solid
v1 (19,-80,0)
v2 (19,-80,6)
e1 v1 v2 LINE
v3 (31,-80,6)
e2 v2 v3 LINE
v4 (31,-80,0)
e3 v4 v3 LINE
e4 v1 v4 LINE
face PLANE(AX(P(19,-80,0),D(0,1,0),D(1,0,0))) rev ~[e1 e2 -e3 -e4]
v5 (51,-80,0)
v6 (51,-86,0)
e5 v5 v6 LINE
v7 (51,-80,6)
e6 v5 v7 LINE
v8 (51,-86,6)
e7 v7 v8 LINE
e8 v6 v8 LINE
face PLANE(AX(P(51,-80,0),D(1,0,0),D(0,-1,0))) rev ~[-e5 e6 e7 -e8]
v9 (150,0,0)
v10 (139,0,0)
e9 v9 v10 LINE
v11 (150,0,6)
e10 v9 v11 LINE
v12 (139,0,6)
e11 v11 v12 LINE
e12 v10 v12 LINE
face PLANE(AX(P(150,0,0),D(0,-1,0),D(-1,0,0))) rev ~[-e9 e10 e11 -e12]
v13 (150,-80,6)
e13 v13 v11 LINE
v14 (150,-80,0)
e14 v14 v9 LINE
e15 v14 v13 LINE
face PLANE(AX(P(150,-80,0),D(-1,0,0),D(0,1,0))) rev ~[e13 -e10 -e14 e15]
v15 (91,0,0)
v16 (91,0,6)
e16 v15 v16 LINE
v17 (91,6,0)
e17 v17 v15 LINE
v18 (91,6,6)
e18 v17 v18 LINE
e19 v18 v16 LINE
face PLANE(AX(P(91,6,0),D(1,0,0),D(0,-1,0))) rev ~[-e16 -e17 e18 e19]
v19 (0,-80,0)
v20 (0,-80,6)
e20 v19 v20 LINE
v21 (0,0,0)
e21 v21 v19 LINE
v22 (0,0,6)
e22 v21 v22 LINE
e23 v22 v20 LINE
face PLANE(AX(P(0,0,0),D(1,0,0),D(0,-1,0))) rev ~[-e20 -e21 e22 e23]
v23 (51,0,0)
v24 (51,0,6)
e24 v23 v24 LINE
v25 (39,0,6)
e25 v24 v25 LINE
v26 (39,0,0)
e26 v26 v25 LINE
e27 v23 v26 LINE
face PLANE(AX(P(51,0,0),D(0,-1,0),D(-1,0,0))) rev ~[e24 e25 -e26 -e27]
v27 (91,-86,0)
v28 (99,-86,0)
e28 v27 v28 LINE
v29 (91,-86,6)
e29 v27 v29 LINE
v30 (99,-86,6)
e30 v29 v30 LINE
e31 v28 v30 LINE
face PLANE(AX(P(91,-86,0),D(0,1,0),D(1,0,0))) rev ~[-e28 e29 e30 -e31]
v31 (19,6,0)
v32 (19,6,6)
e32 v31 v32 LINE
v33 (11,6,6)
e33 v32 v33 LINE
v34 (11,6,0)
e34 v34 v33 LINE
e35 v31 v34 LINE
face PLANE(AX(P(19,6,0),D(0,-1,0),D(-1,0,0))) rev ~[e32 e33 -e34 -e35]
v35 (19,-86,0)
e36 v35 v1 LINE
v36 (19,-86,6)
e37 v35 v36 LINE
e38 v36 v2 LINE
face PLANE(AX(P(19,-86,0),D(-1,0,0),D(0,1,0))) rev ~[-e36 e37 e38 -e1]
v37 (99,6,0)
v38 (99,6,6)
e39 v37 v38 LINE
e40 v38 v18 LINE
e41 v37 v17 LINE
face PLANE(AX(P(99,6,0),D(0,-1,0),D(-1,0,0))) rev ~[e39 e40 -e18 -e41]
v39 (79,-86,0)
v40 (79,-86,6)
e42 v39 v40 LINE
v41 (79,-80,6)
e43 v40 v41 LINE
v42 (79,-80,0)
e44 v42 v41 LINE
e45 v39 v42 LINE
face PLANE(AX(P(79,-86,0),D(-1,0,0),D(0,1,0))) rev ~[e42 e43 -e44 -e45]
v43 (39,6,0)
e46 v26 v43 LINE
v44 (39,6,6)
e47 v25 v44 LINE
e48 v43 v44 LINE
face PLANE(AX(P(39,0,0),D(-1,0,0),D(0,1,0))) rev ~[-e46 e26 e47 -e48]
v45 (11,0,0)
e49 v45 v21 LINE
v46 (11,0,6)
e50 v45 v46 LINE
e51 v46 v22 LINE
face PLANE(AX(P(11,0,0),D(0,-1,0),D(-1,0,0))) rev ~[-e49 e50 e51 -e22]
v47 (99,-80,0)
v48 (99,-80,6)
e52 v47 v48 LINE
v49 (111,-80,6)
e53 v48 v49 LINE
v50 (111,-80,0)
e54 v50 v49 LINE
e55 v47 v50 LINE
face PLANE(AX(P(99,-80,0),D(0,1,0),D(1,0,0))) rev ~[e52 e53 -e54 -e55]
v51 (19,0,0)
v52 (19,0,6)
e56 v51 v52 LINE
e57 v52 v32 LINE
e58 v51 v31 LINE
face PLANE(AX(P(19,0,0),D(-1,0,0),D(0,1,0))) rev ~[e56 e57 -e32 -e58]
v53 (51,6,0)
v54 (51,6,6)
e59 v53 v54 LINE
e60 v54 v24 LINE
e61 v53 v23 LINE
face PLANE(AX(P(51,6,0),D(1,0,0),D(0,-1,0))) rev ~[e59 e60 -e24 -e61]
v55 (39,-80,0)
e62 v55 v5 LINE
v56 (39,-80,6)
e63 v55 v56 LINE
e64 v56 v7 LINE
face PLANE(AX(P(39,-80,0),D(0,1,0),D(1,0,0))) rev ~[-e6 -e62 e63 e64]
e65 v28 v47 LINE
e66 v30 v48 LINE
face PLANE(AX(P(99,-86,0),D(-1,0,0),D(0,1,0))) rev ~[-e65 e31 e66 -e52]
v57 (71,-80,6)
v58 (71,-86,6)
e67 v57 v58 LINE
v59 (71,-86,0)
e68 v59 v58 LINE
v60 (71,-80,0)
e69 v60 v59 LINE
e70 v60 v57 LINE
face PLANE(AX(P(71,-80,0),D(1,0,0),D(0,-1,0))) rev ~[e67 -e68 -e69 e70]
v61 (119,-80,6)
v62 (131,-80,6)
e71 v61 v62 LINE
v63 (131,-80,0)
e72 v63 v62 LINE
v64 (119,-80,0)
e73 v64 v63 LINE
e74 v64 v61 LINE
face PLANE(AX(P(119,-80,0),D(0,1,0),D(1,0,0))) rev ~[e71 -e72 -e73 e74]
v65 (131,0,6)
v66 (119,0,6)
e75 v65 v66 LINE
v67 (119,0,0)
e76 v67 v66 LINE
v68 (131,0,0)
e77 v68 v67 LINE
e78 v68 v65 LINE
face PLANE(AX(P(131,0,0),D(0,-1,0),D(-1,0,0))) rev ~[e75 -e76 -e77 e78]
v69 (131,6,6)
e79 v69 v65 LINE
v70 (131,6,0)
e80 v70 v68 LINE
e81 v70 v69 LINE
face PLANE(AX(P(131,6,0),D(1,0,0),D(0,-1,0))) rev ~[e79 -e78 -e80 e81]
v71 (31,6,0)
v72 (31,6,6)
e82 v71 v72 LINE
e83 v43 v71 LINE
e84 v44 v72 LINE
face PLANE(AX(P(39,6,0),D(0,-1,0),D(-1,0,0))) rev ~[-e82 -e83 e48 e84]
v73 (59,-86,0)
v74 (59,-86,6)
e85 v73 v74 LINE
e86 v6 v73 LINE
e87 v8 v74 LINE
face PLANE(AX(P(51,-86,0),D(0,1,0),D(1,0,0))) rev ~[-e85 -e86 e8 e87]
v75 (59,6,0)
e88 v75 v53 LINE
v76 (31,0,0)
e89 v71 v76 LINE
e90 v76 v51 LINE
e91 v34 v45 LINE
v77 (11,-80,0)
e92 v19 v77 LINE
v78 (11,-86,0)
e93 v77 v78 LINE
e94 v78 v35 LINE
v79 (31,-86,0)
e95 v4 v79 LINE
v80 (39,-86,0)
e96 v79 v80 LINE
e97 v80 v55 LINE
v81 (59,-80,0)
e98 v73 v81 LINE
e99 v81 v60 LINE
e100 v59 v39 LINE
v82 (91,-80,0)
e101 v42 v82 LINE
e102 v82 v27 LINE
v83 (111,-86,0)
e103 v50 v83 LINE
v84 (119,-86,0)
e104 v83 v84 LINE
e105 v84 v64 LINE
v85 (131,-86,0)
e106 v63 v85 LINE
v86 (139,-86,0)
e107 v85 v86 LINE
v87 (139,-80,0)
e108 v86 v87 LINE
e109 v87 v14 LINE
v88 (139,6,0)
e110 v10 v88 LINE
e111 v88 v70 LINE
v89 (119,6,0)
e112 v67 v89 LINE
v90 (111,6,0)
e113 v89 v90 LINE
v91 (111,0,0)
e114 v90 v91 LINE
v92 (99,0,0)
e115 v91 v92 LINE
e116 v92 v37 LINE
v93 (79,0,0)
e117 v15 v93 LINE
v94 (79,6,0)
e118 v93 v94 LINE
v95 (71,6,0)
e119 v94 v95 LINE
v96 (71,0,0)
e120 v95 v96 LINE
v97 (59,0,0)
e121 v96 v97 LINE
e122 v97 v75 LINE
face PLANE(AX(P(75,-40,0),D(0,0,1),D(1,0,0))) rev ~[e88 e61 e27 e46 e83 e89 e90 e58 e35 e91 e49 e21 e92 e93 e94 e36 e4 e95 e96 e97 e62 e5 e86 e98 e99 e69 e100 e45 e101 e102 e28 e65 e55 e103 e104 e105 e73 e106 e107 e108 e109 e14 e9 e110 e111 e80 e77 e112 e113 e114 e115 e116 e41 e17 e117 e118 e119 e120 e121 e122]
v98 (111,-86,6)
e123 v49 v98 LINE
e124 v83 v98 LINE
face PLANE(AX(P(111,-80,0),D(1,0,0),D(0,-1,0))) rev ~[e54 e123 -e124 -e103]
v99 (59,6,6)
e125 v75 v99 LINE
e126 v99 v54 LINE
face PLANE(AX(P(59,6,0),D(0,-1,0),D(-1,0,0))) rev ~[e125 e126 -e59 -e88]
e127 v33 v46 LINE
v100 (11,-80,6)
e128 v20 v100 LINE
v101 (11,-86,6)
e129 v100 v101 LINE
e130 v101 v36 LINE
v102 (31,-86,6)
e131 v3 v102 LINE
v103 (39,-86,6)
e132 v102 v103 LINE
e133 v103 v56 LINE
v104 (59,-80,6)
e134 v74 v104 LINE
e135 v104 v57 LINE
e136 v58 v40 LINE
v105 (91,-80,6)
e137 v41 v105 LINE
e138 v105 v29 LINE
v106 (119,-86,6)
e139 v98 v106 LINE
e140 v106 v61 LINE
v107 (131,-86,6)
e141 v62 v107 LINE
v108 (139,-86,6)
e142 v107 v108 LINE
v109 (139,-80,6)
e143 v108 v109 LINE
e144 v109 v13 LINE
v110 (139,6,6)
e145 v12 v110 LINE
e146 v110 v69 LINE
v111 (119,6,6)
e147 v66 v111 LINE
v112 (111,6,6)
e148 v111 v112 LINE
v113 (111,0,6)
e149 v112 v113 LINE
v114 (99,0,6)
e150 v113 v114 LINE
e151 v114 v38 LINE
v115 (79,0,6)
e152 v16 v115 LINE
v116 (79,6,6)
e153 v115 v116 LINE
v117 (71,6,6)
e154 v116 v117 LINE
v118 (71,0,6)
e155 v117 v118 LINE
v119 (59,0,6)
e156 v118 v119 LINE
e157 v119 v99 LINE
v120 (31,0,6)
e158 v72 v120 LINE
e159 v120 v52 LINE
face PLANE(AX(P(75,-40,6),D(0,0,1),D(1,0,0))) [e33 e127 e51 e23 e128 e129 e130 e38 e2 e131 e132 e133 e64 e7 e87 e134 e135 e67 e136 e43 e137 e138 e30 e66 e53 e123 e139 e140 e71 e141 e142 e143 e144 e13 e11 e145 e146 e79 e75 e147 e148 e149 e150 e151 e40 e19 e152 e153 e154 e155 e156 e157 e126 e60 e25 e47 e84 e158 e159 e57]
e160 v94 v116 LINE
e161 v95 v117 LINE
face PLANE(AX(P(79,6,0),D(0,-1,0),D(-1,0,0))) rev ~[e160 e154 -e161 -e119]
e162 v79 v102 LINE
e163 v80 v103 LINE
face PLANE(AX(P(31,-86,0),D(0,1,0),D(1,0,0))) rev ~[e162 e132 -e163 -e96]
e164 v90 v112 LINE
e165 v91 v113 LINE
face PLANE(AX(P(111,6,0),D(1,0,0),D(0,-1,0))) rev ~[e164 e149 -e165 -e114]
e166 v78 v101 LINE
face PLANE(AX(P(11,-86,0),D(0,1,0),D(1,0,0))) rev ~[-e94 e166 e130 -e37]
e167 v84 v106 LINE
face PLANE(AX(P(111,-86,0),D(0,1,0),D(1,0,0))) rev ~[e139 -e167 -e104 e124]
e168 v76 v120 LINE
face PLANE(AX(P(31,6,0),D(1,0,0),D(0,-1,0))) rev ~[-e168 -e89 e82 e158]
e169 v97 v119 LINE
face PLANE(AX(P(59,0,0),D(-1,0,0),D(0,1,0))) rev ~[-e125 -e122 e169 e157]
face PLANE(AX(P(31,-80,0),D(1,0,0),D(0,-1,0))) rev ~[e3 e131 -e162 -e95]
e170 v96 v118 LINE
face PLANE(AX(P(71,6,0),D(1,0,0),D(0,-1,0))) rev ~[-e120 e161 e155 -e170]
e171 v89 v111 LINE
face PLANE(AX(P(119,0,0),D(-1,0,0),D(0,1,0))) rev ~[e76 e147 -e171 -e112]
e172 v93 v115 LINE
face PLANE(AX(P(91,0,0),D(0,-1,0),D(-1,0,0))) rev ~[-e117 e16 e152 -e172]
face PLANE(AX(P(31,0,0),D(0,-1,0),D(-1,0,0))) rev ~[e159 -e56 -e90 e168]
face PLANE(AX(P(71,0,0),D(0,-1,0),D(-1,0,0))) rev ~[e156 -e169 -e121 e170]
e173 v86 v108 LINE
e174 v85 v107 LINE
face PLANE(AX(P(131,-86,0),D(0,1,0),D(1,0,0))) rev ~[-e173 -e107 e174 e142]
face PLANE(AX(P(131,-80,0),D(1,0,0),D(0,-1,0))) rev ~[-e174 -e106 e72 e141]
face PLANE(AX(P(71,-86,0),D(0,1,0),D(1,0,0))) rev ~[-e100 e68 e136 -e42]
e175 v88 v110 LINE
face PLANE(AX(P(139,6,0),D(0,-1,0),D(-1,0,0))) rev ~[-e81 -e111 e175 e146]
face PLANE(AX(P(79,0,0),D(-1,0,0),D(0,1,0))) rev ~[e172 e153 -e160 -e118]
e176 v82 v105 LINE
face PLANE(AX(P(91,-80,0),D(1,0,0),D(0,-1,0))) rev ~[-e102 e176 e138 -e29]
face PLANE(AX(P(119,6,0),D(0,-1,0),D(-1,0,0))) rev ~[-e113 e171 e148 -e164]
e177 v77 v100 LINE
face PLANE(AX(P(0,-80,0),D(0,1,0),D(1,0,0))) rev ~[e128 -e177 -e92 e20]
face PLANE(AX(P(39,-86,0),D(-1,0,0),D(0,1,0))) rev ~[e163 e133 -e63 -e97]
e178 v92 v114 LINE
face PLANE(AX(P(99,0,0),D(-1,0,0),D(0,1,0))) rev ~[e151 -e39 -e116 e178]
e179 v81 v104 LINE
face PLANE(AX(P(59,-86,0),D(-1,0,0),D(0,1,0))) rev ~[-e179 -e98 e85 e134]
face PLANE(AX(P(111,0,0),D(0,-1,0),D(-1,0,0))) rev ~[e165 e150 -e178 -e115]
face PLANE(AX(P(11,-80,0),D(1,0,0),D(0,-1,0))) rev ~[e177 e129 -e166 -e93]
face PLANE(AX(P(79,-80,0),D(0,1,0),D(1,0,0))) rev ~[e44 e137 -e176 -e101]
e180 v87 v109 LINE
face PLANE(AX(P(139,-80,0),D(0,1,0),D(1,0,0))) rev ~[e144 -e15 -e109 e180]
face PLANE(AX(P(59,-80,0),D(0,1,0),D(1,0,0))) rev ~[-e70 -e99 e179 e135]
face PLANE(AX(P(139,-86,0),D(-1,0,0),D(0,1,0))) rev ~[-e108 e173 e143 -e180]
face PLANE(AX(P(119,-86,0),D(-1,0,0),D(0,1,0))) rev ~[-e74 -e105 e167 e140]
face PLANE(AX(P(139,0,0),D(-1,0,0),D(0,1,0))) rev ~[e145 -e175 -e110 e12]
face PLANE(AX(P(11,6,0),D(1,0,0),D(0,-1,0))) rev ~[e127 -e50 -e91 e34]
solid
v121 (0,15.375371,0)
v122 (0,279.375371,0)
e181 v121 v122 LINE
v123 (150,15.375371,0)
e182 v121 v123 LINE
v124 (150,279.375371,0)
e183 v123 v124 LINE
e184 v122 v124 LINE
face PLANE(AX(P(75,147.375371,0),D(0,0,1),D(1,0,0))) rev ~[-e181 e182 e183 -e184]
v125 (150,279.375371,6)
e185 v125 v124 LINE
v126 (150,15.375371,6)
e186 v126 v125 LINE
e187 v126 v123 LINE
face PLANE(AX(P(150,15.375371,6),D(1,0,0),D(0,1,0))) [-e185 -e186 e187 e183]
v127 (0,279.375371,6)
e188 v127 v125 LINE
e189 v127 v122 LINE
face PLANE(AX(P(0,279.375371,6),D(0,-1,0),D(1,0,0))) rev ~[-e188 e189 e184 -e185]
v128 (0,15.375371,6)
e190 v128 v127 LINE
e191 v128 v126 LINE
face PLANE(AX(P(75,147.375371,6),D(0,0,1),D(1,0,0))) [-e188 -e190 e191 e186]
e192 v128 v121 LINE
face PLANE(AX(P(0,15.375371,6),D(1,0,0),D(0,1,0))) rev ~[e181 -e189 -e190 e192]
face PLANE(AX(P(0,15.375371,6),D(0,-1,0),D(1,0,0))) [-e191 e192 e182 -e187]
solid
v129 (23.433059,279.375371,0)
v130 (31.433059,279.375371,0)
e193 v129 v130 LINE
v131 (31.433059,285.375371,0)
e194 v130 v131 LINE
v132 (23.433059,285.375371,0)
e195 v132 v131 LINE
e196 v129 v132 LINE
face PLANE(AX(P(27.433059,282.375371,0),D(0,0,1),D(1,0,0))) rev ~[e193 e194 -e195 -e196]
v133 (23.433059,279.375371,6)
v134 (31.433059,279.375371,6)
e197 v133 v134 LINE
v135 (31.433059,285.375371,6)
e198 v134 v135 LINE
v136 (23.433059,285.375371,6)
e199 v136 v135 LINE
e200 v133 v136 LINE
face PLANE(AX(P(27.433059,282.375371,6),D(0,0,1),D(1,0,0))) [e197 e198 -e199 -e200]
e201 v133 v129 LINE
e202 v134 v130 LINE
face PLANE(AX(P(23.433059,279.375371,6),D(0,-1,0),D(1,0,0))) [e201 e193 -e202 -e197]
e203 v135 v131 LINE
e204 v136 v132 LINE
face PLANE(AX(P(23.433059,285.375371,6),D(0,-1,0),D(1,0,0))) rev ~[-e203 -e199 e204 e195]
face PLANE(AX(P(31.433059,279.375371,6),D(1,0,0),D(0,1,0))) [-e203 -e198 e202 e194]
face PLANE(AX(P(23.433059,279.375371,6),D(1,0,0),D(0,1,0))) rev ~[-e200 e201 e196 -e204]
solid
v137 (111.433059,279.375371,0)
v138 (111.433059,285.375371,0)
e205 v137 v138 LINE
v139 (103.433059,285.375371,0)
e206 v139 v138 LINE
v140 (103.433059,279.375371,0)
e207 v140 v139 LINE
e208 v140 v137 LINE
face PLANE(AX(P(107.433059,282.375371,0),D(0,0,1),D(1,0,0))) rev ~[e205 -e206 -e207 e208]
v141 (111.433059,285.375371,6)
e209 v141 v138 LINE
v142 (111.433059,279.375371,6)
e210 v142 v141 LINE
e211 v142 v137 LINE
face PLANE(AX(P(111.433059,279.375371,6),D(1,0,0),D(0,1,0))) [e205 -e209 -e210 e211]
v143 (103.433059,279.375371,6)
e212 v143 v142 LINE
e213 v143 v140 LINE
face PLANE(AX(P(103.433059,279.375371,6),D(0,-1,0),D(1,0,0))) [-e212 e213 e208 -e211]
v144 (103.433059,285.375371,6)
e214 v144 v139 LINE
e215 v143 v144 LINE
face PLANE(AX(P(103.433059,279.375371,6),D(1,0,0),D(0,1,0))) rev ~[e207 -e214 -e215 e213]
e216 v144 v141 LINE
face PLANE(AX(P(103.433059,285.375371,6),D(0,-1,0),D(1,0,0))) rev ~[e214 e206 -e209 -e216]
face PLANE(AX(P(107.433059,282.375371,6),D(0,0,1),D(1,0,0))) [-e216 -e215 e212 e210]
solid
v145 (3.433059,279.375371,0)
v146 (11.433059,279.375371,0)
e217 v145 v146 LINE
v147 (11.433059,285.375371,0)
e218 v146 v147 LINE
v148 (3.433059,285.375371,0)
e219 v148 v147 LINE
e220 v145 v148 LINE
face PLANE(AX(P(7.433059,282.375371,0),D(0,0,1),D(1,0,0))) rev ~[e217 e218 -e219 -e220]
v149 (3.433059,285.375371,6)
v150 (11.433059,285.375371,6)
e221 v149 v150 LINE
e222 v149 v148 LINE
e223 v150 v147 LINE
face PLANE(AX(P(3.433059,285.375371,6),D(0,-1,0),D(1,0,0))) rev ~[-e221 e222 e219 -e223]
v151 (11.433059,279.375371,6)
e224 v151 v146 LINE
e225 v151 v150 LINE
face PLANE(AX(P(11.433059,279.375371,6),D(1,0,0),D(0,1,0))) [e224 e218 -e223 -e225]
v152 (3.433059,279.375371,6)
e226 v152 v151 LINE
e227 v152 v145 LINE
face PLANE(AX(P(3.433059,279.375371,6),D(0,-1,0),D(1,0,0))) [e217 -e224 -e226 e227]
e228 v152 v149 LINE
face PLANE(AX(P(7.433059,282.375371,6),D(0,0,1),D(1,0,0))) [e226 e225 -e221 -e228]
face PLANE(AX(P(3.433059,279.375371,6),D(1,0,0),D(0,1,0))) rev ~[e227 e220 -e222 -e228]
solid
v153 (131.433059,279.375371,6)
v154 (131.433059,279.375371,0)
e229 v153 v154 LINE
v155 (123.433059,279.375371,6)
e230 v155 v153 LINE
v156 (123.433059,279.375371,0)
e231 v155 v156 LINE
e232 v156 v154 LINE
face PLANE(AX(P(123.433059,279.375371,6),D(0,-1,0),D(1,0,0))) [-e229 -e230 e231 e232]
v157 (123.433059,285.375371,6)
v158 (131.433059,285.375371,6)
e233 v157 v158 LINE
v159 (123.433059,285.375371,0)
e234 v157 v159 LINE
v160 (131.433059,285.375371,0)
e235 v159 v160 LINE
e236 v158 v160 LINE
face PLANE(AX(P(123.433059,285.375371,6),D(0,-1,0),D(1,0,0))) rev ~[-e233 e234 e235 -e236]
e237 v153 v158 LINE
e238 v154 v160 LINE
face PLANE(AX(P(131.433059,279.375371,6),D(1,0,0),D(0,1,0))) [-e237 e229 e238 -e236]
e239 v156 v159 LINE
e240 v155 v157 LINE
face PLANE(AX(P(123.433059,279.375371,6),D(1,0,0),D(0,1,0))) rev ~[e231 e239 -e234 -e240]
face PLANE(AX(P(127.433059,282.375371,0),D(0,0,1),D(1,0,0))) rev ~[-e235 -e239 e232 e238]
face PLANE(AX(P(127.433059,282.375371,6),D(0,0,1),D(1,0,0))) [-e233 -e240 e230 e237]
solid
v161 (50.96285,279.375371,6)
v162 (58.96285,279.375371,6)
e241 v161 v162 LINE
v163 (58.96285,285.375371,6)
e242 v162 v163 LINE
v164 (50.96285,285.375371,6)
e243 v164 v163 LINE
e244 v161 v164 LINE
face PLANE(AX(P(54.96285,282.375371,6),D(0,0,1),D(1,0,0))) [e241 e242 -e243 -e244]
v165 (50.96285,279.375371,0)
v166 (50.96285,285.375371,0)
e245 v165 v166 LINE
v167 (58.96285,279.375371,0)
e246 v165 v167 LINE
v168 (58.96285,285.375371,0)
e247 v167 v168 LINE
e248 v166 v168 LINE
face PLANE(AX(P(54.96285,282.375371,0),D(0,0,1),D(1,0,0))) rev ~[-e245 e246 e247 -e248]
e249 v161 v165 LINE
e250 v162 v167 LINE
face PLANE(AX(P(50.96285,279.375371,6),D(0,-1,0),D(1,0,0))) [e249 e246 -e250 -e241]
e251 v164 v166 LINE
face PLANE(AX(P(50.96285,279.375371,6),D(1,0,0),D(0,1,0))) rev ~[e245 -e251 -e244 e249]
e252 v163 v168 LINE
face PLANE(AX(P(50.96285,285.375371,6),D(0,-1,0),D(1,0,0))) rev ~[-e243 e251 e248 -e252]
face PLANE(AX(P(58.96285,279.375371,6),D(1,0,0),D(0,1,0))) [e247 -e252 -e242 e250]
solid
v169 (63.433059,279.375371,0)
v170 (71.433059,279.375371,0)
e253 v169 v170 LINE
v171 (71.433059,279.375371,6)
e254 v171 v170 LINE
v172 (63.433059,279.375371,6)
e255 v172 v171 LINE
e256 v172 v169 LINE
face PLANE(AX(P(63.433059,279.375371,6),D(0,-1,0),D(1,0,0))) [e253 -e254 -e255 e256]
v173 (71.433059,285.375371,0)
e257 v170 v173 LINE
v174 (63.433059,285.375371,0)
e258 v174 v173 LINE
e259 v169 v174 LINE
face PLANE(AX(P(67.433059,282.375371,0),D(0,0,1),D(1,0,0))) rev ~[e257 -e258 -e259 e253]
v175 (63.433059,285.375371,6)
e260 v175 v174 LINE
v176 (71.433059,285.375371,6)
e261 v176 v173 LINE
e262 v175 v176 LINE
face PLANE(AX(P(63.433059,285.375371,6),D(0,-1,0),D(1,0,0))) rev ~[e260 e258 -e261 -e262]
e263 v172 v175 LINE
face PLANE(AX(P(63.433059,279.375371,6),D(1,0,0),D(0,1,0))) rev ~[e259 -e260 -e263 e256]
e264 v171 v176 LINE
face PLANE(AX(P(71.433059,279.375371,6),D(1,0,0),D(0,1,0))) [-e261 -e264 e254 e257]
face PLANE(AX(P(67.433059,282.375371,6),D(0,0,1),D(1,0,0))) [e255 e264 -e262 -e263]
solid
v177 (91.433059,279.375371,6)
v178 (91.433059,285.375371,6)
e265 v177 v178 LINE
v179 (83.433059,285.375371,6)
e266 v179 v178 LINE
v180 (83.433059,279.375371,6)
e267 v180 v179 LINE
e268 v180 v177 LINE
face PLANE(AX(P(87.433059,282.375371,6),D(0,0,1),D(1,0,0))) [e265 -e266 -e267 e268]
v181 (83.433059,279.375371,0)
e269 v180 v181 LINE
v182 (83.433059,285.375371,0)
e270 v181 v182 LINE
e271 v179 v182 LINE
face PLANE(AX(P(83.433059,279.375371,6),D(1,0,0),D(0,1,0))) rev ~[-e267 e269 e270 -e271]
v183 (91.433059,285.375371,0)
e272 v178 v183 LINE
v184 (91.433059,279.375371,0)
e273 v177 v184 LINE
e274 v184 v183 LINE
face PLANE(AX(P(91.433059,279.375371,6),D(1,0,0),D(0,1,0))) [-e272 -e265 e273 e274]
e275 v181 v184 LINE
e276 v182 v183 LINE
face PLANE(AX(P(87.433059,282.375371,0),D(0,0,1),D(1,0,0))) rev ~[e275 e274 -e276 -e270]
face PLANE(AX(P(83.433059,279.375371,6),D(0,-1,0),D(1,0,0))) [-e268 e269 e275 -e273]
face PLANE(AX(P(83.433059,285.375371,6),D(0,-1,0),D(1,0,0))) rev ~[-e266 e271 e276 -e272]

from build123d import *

# Parameters (mm, degrees)
BOSS_EXTRU_1_DEPTH   = 6
ESQUISSE4_W          = 150
ESQUISSE4_H          = 264
BOSS_EXTRU_2_DEPTH   = 6
ESQUISSE5_W          = 8
ESQUISSE5_H          = 6
BOSS_EXTRU_3_DEPTH   = 6
BOSS_EXTRU_3_2_DEPTH = 6
BOSS_EXTRU_3_3_DEPTH = 6
BOSS_EXTRU_3_4_DEPTH = 6
BOSS_EXTRU_3_5_DEPTH = 6
BOSS_EXTRU_3_6_DEPTH = 6
BOSS_EXTRU_3_7_DEPTH = 6


with BuildPart() as part:
    # Esquisse1 → Boss.-Extru.1 (new body)
    with BuildSketch(Plane.XY):
        Polygon((11, -80), (11, -86), (19, -86), (19, -80), (31, -80), (31, -86), (39, -86), (39, -80), (51, -80), (51, -86), (59, -86), (59, -80), (71, -80), (71, -86), (79, -86), (79, -80), (91, -80), (91, -86), (99, -86), (99, -80), (111, -80), (111, -86), (119, -86), (119, -80), (131, -80), (131, -86), (139, -86), (139, -80), (150, -80), (150, 0), (139, 0), (139, 6), (131, 6), (131, 0), (119, 0), (119, 6), (111, 6), (111, 0), (99, 0), (99, 6), (91, 6), (91, 0), (79, 0), (79, 6), (71, 6), (71, 0), (59, 0), (59, 6), (51, 6), (51, 0), (39, 0), (39, 6), (31, 6), (31, 0), (19, 0), (19, 6), (11, 6), (11, 0), (0, 0), (0, -80), align=None)
    extrude(amount=BOSS_EXTRU_1_DEPTH)


with BuildPart() as body_2:
    # Esquisse4 → Boss.-Extru.2 (new body)
    with BuildSketch(Plane.XY.offset(6)):
        with Locations((75, 147.375370895)):
            Rectangle(ESQUISSE4_W, ESQUISSE4_H)
    extrude(amount=-BOSS_EXTRU_2_DEPTH)


with BuildPart() as body_3:
    # Esquisse5 → Boss.-Extru.3 (new body)
    with BuildSketch(Plane.XY.offset(6)):
        with Locations((7.43305916, 282.375370895)):
            Rectangle(ESQUISSE5_W, ESQUISSE5_H)
    extrude(amount=-BOSS_EXTRU_3_DEPTH)


with BuildPart() as body_4:
    # Esquisse5 → Boss.-Extru.3 2 (new body)
    with BuildSketch(Plane.XY.offset(6)):
        with Locations((27.43305916, 282.375370895)):
            Rectangle(ESQUISSE5_W, ESQUISSE5_H)
    extrude(amount=-BOSS_EXTRU_3_2_DEPTH)


with BuildPart() as body_5:
    # Esquisse5 → Boss.-Extru.3 3 (new body)
    with BuildSketch(Plane.XY.offset(6)):
        with Locations((54.962850026, 282.375370895)):
            Rectangle(ESQUISSE5_W, ESQUISSE5_H)
    extrude(amount=-BOSS_EXTRU_3_3_DEPTH)


with BuildPart() as body_6:
    # Esquisse5 → Boss.-Extru.3 4 (new body)
    with BuildSketch(Plane.XY.offset(6)):
        with Locations((67.43305916, 282.375370895)):
            Rectangle(ESQUISSE5_W, ESQUISSE5_H)
    extrude(amount=-BOSS_EXTRU_3_4_DEPTH)


with BuildPart() as body_7:
    # Esquisse5 → Boss.-Extru.3 5 (new body)
    with BuildSketch(Plane.XY.offset(6)):
        with Locations((87.43305916, 282.375370895)):
            Rectangle(ESQUISSE5_W, ESQUISSE5_H)
    extrude(amount=-BOSS_EXTRU_3_5_DEPTH)


with BuildPart() as body_8:
    # Esquisse5 → Boss.-Extru.3 6 (new body)
    with BuildSketch(Plane.XY.offset(6)):
        with Locations((107.43305916, 282.375370895)):
            Rectangle(ESQUISSE5_W, ESQUISSE5_H)
    extrude(amount=-BOSS_EXTRU_3_6_DEPTH)


with BuildPart() as body_9:
    # Esquisse5 → Boss.-Extru.3 7 (new body)
    with BuildSketch(Plane.XY.offset(6)):
        with Locations((127.43305916, 282.375370895)):
            Rectangle(ESQUISSE5_W, ESQUISSE5_H)
    extrude(amount=-BOSS_EXTRU_3_7_DEPTH)


solid = Compound([part.part, body_2.part, body_3.part, body_4.part, body_5.part, body_6.part, body_7.part, body_8.part, body_9.part])
